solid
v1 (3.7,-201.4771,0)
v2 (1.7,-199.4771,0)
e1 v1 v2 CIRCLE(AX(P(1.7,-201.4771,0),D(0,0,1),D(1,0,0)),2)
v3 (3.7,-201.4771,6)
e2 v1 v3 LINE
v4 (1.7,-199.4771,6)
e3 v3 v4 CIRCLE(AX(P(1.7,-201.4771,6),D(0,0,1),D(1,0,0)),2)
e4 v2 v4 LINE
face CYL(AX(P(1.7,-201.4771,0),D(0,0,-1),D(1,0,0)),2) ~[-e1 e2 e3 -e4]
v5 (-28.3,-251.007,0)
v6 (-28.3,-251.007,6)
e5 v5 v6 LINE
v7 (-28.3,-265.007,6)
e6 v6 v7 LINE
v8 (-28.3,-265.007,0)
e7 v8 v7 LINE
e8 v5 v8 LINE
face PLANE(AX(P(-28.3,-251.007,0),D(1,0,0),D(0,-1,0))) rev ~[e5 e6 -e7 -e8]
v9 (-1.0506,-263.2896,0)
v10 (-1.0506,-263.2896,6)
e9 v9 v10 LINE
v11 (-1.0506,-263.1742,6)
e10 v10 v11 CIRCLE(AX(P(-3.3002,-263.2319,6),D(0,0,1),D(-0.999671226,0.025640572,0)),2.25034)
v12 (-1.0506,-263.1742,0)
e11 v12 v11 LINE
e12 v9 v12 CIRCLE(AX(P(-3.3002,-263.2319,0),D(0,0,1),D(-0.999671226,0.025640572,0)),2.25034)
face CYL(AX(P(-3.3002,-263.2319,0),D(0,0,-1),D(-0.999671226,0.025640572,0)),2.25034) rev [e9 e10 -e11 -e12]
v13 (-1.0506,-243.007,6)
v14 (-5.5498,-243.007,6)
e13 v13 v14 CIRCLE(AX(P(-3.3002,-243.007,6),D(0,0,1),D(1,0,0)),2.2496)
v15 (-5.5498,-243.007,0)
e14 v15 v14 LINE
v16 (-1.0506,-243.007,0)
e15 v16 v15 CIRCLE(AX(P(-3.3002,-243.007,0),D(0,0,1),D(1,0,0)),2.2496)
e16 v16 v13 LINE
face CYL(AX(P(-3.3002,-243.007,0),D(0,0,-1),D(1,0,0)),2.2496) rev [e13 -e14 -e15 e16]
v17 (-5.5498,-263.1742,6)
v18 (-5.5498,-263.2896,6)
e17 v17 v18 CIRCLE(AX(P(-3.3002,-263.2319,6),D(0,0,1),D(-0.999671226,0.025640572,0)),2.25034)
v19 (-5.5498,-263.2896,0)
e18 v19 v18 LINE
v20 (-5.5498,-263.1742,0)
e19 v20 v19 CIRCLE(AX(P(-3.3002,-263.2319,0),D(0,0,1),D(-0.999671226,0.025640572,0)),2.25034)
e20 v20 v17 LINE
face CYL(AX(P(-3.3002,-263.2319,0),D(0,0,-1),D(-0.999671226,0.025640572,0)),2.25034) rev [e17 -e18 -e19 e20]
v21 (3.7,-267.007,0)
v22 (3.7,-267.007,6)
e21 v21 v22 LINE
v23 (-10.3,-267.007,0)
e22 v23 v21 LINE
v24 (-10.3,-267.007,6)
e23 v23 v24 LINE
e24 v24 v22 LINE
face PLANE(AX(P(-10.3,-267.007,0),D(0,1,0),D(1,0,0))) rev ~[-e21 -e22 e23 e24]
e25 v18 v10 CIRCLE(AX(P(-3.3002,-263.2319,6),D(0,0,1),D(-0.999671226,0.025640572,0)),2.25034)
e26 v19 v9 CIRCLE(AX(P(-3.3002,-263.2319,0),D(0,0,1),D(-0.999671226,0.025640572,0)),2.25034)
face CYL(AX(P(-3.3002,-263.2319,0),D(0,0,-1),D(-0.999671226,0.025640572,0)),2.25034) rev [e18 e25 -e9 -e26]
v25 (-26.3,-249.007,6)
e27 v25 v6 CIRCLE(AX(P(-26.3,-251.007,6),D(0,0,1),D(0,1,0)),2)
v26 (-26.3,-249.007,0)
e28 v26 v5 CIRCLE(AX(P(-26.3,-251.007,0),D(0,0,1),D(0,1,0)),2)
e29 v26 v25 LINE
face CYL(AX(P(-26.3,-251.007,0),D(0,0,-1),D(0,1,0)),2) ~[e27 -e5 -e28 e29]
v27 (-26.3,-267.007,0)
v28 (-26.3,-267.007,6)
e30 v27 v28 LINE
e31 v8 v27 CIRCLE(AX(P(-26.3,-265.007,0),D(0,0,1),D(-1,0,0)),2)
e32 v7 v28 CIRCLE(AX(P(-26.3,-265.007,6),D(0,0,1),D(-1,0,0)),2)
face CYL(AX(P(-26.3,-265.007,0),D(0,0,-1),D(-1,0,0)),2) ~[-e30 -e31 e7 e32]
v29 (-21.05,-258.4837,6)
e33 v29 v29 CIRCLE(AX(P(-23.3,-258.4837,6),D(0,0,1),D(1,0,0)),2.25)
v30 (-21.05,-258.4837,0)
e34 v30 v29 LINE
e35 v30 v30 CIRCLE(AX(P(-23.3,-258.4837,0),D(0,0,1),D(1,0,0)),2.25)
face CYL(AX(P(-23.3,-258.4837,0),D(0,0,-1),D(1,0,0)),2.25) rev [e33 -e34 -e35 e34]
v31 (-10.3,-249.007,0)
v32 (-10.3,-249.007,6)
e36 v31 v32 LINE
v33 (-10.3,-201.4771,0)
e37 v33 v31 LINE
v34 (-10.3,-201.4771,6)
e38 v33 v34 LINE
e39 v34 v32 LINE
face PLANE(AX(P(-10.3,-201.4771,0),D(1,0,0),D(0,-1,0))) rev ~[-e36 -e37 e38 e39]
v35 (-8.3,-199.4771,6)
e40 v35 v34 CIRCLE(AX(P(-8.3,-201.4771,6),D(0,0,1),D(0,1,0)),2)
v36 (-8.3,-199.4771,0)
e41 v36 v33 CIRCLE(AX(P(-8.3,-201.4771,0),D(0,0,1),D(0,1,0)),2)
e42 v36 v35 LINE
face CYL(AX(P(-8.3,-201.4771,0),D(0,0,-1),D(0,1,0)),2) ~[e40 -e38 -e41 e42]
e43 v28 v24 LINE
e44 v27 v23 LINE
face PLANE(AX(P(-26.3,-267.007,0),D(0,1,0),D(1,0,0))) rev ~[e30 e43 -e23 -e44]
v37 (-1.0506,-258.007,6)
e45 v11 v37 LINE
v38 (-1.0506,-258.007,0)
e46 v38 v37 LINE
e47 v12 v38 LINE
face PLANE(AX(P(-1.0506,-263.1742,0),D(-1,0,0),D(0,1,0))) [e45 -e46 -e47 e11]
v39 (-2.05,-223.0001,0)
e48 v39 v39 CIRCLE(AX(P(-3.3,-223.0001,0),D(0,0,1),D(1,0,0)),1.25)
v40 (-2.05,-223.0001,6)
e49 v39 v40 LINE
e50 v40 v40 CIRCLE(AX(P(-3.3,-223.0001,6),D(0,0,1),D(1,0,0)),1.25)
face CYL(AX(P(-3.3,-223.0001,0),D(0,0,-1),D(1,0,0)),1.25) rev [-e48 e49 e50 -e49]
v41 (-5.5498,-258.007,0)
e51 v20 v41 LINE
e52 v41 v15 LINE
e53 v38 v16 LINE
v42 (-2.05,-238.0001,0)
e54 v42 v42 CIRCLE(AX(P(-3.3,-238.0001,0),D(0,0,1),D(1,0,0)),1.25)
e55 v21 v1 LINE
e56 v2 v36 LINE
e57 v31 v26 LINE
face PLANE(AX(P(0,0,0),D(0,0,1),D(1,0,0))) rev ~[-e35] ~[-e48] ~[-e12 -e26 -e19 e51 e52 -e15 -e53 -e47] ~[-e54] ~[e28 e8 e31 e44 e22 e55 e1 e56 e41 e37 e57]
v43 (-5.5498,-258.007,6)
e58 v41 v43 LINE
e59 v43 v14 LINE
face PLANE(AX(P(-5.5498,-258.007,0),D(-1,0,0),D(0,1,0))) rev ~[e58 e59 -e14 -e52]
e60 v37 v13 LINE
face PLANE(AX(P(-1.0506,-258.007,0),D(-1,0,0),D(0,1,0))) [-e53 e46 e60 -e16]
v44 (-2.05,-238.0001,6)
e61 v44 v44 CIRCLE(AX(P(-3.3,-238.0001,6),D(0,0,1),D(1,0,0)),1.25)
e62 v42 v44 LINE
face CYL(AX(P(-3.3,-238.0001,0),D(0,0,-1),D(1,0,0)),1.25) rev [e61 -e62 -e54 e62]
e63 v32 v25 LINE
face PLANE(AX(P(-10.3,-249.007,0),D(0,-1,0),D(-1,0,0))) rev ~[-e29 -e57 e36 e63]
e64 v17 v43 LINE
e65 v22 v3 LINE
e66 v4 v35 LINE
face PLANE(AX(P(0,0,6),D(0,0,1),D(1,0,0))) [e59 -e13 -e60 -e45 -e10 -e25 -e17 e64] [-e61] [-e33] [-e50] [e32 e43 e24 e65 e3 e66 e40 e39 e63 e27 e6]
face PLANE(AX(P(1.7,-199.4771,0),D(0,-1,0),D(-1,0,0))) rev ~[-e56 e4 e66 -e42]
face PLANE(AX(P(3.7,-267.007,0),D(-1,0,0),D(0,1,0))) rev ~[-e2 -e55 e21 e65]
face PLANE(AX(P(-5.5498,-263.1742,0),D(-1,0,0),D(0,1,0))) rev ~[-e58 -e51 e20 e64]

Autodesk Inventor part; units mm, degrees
ref_plane "YZ Plane" through (0, 0, 0) normal (1, 0, 0) x (0, 1, 0)
ref_plane "XZ Plane" through (0, 0, 0) normal (0, 1, 0) x (-1, 0, 0)
ref_plane "XY Plane" through (0, 0, 0) normal (0, 0, 1) x (1, 0, 0)
ref_plane "РабПлоскость1" through (0, 0, 0) normal (0, 0, 1) x (1, 0, 0)
sketch "Эскиз1" plane through (0, 0, 0) normal (0, 0, 1) x (1, 0, 0)
  line L0 (-10.3, -267.007) -> (3.7, -267.007)
  line L1 (-26.3, -267.007) -> (-10.3, -267.007) projected
  arc A0 (-28.3, -265.007) -> (-26.3, -267.007) centre (-26.3, -265.007) ccw projected
  line L2 (-28.3, -251.007) -> (-28.3, -265.007) projected
  arc A1 (-26.3, -249.007) -> (-28.3, -251.007) centre (-26.3, -251.007) ccw projected
  line L3 (-10.3, -249.007) -> (-26.3, -249.007) projected
  line L4 (-10.3, -201.4771) -> (-10.3, -249.007) projected
  arc A2 (-8.3, -199.4771) -> (-10.3, -201.4771) centre (-8.3, -201.4771) ccw projected
  line L5 (1.7, -199.4771) -> (-8.3, -199.4771) projected
  arc A3 (3.7, -201.4771) -> (1.7, -199.4771) centre (1.7, -201.4771) ccw projected
  line L6 (3.7, -267.007) -> (3.7, -201.4771) projected
  line L7 (3.7, -267.007) -> (-10.3, -267.007)
  line L8 (-1.0506, -258.007) -> (-1.0506, -243.007)
  line L9 (-5.5498, -258.007) -> (-5.5498, -243.007)
  arc A4 (-1.0506, -243.007) -> (-5.5498, -243.007) centre (-3.3002, -243.007) ccw
  arc A5 (-5.5498, -263.1742) -> (-1.0506, -263.1742) centre (-3.3002, -263.2319) ccw
  line L10 (-5.5498, -263.2896) -> (-5.5498, -258.007)
  line L11 (-1.0506, -263.2896) -> (-1.0506, -258.007)
  circle A6 centre (-23.3, -258.4837) radius 2.25 projected
  circle A7 centre (-3.3, -238.0001) radius 1.25 projected
  circle A8 centre (-3.3, -223.0001) radius 1.25 projected
  point P0 (0, 0)
  dimension "d2" = 15
extrude "Выдавливание1" add sketch "Эскиз1" along normal blind 6
sketch "Эскиз2" plane through (0, 0, 0) normal (0, 0, -1) x (-1, 0, 0)
  line L0 (10.3, -225.242) -> (-3.7, -225.242)
  circle A0 centre (3.3, -238.0001) radius 1.25 projected
  circle A1 centre (3.3, -229.8361) radius 1.25
  line L1 (26.3, -267.007) -> (-3.7, -267.007) projected
  arc A2 (26.3, -267.007) -> (28.3, -265.007) centre (26.3, -265.007) ccw projected
  line L2 (28.3, -251.007) -> (28.3, -265.007) projected
  arc A3 (28.3, -251.007) -> (26.3, -249.007) centre (26.3, -251.007) ccw projected
  line L3 (10.3, -249.007) -> (26.3, -249.007) projected
  circle A4 centre (23.3, -258.4837) radius 2.25 projected
  line L4 (1.0506, -243.007) -> (1.0506, -263.1742) projected
  arc A5 (5.5498, -243.007) -> (1.0506, -243.007) centre (3.3002, -243.007) ccw projected
  line L5 (5.5498, -263.1742) -> (5.5498, -243.007) projected
  arc A6 (1.0506, -263.1742) -> (5.5498, -263.1742) centre (3.3002, -263.2319) ccw projected
  line L6 (-3.7, -225.242) -> (-3.7, -267.007)
  line L7 (10.3, -249.007) -> (10.3, -225.242)
  point P0 (0, 0)
properties part number "крепление ремня"
